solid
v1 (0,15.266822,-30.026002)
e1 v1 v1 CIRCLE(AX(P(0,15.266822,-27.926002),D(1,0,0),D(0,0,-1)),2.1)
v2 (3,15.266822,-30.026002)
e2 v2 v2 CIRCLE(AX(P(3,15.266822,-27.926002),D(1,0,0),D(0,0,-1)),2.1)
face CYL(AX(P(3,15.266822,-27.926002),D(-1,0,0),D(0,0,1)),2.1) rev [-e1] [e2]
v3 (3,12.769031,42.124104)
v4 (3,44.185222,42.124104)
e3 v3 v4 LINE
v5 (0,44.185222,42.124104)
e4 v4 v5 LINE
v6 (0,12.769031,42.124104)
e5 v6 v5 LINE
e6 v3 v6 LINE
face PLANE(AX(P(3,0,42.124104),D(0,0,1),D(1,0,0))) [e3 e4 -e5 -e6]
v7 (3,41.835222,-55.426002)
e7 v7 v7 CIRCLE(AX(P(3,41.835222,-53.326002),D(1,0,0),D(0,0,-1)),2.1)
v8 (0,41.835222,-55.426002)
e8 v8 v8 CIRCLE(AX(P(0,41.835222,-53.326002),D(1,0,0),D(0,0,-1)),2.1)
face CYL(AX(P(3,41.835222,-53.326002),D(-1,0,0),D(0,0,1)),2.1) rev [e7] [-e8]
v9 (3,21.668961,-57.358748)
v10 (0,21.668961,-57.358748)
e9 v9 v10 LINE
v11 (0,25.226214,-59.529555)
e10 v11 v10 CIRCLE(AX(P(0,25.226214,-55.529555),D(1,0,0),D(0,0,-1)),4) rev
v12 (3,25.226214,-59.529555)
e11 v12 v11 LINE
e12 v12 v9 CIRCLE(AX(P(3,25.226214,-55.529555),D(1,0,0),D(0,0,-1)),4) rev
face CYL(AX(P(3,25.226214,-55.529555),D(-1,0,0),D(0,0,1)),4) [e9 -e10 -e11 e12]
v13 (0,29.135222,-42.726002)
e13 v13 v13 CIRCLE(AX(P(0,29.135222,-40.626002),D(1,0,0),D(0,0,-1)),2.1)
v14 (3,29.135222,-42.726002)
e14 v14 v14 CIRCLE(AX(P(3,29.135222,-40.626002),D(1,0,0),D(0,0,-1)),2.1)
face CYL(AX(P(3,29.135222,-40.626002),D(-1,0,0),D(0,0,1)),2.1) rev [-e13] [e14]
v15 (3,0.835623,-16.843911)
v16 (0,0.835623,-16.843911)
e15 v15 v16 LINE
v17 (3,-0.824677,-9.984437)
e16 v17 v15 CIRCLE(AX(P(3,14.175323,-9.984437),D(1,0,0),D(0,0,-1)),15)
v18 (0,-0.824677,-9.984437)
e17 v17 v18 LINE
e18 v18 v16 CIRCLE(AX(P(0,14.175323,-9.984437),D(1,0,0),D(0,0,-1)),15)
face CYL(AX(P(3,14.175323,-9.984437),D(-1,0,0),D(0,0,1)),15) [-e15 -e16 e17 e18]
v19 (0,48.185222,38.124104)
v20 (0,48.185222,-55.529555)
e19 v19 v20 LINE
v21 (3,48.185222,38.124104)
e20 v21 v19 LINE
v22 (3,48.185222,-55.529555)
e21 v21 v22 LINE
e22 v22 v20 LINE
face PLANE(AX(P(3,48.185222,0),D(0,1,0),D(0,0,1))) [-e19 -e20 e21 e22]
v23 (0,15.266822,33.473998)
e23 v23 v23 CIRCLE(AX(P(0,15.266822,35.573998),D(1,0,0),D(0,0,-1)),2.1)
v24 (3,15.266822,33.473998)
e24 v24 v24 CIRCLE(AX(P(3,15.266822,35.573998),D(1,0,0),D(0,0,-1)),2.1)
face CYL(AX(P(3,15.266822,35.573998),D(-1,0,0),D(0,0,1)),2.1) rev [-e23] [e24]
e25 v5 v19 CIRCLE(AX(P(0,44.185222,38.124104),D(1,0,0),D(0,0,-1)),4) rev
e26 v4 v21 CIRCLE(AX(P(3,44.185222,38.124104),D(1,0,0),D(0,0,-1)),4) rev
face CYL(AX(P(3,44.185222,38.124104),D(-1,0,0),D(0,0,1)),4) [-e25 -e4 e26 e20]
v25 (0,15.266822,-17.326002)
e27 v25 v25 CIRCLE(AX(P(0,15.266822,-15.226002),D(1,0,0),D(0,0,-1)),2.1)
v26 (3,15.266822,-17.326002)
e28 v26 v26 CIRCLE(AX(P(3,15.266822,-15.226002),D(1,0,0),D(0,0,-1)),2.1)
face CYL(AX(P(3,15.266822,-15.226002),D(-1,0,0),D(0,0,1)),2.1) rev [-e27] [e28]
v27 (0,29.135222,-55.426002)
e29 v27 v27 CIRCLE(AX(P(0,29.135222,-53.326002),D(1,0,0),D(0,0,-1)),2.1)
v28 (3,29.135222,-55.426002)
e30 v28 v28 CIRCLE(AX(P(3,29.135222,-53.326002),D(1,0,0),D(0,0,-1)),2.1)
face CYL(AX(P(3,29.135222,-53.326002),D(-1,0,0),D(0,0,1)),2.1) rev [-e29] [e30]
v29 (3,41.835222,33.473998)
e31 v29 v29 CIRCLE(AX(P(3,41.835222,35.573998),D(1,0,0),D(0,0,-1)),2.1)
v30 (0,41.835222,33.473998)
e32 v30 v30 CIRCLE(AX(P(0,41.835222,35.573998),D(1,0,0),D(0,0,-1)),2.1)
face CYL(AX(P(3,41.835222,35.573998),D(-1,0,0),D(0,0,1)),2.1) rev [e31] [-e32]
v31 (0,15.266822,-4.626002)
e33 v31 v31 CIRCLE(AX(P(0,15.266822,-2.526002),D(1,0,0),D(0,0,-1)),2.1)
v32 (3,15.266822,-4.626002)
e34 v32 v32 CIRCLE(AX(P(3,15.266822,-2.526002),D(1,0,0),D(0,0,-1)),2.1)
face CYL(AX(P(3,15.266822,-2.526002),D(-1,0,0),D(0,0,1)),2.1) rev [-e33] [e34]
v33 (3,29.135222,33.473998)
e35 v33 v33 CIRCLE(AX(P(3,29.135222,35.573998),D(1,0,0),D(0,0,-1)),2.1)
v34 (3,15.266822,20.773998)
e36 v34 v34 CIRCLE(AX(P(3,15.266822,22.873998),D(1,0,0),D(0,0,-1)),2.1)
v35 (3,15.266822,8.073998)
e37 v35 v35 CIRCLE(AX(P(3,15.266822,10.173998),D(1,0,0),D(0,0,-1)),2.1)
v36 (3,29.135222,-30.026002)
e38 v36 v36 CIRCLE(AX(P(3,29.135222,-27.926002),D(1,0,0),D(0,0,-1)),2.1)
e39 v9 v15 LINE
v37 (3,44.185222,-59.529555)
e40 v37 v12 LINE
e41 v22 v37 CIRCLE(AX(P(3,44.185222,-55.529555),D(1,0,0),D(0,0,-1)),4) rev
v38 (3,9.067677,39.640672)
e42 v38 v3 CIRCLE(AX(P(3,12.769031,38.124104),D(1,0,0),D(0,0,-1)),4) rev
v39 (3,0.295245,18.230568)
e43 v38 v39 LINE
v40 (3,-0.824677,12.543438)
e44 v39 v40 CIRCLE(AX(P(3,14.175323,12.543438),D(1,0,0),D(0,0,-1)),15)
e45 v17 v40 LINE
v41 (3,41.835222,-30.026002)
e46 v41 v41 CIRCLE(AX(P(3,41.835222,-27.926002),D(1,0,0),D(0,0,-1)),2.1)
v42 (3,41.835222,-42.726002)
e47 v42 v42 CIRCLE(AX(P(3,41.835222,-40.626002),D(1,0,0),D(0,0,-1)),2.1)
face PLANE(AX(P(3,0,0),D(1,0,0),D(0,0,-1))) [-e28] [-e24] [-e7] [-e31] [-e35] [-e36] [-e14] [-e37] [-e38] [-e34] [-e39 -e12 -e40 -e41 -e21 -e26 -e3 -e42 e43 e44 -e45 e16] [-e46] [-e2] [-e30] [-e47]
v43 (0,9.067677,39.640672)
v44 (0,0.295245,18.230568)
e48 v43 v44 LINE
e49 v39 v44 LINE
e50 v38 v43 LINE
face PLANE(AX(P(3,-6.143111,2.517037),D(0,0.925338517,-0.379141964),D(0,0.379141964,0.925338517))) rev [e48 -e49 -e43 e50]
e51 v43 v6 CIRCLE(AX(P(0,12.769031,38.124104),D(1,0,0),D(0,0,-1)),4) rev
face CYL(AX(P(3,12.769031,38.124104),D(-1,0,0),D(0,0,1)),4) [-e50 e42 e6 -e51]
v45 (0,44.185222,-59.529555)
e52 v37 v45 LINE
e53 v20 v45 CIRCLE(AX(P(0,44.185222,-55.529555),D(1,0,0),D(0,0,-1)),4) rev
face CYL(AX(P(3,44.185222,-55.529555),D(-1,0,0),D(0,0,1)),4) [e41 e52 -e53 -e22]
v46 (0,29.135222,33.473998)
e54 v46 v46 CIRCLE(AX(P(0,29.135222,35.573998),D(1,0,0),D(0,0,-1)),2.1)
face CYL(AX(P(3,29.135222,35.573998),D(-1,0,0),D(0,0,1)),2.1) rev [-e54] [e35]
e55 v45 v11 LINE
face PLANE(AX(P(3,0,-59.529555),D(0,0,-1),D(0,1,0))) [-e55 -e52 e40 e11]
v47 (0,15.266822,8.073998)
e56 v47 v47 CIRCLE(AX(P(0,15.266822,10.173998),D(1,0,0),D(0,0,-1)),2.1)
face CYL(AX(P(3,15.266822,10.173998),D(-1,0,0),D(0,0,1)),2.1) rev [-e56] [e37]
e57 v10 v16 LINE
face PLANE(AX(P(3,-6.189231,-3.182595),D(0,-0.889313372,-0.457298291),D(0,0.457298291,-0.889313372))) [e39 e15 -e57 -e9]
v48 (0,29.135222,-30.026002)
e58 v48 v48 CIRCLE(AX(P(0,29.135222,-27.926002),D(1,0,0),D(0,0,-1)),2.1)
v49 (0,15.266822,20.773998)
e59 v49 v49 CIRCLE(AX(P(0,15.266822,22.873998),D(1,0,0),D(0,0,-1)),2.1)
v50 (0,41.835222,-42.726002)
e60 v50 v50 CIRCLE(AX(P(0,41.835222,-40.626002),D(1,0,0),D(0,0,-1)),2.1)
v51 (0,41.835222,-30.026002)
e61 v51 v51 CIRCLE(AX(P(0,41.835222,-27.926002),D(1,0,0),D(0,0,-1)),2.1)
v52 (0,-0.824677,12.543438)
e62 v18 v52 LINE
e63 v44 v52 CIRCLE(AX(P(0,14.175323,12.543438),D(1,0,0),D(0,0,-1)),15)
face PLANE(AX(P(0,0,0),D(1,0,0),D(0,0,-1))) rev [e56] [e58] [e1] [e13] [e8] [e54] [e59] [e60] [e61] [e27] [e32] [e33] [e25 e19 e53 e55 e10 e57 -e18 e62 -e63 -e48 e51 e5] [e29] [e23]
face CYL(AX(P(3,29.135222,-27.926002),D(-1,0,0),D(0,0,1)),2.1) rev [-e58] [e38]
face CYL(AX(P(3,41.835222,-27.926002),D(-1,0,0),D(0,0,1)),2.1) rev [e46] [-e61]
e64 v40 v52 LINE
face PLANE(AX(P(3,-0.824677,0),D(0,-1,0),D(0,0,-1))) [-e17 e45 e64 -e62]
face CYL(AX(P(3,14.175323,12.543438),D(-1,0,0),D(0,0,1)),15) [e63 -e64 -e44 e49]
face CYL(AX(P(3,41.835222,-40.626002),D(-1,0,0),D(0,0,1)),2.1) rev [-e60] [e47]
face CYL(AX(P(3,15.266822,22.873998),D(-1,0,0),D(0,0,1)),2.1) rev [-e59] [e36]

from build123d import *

# Parameters (mm, degrees)
SKETCH_1_R      = 2.1
EXTRUDE_1_DEPTH = 3


with BuildPart() as part:
    # 草图1 → 凸台-拉伸1 (new body)
    with BuildSketch(Plane(origin=(0, 0, 0), x_dir=(0, 0, -1), z_dir=(1, 0, 0))):
        with BuildLine():
            Line((59.529555332, 44.185221984), (59.529555332, 25.226213997))
            ThreePointArc((59.529555332, 25.226213997), (58.943993255, 23.142560073), (57.358748495, 21.668960509))
            Line((57.358748495, 21.668960509), (16.843911029, 0.835622672))
            ThreePointArc((16.843911029, 0.835622672), (13.51321063, -0.403694355), (9.984436669, -0.82467675))
            Line((9.984436669, -0.82467675), (-12.543438126, -0.82467675))
            ThreePointArc((-12.543438126, -0.82467675), (-15.441612868, -0.542033278), (-18.230567587, 0.295245495))
            Line((-18.230567587, 0.295245495), (-39.640671861, 9.067677244))
            ThreePointArc((-39.640671861, 9.067677244), (-41.445720436, 10.540385022), (-42.124104005, 12.769031312))
            Line((-42.124104005, 12.769031312), (-42.124104005, 44.185221984))
            ThreePointArc((-42.124104005, 44.185221984), (-40.95253113, 47.013649109), (-38.124104005, 48.185221984))
            Line((-38.124104005, 48.185221984), (-2.92315645, 48.185221984))
            Line((-2.92315645, 48.185221984), (55.529555332, 48.185221984))
            ThreePointArc((55.529555332, 48.185221984), (58.357982457, 47.013649109), (59.529555332, 44.185221984))
        make_face()
        with Locations((40.626001942, 41.835221984)):
            Circle(SKETCH_1_R, mode=Mode.SUBTRACT)
        with Locations((-35.573998058, 15.266821984)):
            Circle(SKETCH_1_R, mode=Mode.SUBTRACT)
        with Locations((-22.873998058, 15.266821984)):
            Circle(SKETCH_1_R, mode=Mode.SUBTRACT)
        with Locations((-10.173998058, 15.266821984)):
            Circle(SKETCH_1_R, mode=Mode.SUBTRACT)
        with Locations((2.526001942, 15.266821984)):
            Circle(SKETCH_1_R, mode=Mode.SUBTRACT)
        with Locations((15.226001942, 15.266821984)):
            Circle(SKETCH_1_R, mode=Mode.SUBTRACT)
        with Locations((27.926001942, 15.266821984)):
            Circle(SKETCH_1_R, mode=Mode.SUBTRACT)
        with Locations((53.326001942, 41.835221984)):
            Circle(SKETCH_1_R, mode=Mode.SUBTRACT)
        with Locations((53.326001942, 29.135221984)):
            Circle(SKETCH_1_R, mode=Mode.SUBTRACT)
        with Locations((40.626001942, 29.135221984)):
            Circle(SKETCH_1_R, mode=Mode.SUBTRACT)
        with Locations((-35.573998058, 41.835221984)):
            Circle(SKETCH_1_R, mode=Mode.SUBTRACT)
        with Locations((-35.573998058, 29.135221984)):
            Circle(SKETCH_1_R, mode=Mode.SUBTRACT)
        with Locations((27.926001942, 41.835221984)):
            Circle(SKETCH_1_R, mode=Mode.SUBTRACT)
        with Locations((27.926001942, 29.135221984)):
            Circle(SKETCH_1_R, mode=Mode.SUBTRACT)
    extrude(amount=EXTRUDE_1_DEPTH)


solid = part.part
